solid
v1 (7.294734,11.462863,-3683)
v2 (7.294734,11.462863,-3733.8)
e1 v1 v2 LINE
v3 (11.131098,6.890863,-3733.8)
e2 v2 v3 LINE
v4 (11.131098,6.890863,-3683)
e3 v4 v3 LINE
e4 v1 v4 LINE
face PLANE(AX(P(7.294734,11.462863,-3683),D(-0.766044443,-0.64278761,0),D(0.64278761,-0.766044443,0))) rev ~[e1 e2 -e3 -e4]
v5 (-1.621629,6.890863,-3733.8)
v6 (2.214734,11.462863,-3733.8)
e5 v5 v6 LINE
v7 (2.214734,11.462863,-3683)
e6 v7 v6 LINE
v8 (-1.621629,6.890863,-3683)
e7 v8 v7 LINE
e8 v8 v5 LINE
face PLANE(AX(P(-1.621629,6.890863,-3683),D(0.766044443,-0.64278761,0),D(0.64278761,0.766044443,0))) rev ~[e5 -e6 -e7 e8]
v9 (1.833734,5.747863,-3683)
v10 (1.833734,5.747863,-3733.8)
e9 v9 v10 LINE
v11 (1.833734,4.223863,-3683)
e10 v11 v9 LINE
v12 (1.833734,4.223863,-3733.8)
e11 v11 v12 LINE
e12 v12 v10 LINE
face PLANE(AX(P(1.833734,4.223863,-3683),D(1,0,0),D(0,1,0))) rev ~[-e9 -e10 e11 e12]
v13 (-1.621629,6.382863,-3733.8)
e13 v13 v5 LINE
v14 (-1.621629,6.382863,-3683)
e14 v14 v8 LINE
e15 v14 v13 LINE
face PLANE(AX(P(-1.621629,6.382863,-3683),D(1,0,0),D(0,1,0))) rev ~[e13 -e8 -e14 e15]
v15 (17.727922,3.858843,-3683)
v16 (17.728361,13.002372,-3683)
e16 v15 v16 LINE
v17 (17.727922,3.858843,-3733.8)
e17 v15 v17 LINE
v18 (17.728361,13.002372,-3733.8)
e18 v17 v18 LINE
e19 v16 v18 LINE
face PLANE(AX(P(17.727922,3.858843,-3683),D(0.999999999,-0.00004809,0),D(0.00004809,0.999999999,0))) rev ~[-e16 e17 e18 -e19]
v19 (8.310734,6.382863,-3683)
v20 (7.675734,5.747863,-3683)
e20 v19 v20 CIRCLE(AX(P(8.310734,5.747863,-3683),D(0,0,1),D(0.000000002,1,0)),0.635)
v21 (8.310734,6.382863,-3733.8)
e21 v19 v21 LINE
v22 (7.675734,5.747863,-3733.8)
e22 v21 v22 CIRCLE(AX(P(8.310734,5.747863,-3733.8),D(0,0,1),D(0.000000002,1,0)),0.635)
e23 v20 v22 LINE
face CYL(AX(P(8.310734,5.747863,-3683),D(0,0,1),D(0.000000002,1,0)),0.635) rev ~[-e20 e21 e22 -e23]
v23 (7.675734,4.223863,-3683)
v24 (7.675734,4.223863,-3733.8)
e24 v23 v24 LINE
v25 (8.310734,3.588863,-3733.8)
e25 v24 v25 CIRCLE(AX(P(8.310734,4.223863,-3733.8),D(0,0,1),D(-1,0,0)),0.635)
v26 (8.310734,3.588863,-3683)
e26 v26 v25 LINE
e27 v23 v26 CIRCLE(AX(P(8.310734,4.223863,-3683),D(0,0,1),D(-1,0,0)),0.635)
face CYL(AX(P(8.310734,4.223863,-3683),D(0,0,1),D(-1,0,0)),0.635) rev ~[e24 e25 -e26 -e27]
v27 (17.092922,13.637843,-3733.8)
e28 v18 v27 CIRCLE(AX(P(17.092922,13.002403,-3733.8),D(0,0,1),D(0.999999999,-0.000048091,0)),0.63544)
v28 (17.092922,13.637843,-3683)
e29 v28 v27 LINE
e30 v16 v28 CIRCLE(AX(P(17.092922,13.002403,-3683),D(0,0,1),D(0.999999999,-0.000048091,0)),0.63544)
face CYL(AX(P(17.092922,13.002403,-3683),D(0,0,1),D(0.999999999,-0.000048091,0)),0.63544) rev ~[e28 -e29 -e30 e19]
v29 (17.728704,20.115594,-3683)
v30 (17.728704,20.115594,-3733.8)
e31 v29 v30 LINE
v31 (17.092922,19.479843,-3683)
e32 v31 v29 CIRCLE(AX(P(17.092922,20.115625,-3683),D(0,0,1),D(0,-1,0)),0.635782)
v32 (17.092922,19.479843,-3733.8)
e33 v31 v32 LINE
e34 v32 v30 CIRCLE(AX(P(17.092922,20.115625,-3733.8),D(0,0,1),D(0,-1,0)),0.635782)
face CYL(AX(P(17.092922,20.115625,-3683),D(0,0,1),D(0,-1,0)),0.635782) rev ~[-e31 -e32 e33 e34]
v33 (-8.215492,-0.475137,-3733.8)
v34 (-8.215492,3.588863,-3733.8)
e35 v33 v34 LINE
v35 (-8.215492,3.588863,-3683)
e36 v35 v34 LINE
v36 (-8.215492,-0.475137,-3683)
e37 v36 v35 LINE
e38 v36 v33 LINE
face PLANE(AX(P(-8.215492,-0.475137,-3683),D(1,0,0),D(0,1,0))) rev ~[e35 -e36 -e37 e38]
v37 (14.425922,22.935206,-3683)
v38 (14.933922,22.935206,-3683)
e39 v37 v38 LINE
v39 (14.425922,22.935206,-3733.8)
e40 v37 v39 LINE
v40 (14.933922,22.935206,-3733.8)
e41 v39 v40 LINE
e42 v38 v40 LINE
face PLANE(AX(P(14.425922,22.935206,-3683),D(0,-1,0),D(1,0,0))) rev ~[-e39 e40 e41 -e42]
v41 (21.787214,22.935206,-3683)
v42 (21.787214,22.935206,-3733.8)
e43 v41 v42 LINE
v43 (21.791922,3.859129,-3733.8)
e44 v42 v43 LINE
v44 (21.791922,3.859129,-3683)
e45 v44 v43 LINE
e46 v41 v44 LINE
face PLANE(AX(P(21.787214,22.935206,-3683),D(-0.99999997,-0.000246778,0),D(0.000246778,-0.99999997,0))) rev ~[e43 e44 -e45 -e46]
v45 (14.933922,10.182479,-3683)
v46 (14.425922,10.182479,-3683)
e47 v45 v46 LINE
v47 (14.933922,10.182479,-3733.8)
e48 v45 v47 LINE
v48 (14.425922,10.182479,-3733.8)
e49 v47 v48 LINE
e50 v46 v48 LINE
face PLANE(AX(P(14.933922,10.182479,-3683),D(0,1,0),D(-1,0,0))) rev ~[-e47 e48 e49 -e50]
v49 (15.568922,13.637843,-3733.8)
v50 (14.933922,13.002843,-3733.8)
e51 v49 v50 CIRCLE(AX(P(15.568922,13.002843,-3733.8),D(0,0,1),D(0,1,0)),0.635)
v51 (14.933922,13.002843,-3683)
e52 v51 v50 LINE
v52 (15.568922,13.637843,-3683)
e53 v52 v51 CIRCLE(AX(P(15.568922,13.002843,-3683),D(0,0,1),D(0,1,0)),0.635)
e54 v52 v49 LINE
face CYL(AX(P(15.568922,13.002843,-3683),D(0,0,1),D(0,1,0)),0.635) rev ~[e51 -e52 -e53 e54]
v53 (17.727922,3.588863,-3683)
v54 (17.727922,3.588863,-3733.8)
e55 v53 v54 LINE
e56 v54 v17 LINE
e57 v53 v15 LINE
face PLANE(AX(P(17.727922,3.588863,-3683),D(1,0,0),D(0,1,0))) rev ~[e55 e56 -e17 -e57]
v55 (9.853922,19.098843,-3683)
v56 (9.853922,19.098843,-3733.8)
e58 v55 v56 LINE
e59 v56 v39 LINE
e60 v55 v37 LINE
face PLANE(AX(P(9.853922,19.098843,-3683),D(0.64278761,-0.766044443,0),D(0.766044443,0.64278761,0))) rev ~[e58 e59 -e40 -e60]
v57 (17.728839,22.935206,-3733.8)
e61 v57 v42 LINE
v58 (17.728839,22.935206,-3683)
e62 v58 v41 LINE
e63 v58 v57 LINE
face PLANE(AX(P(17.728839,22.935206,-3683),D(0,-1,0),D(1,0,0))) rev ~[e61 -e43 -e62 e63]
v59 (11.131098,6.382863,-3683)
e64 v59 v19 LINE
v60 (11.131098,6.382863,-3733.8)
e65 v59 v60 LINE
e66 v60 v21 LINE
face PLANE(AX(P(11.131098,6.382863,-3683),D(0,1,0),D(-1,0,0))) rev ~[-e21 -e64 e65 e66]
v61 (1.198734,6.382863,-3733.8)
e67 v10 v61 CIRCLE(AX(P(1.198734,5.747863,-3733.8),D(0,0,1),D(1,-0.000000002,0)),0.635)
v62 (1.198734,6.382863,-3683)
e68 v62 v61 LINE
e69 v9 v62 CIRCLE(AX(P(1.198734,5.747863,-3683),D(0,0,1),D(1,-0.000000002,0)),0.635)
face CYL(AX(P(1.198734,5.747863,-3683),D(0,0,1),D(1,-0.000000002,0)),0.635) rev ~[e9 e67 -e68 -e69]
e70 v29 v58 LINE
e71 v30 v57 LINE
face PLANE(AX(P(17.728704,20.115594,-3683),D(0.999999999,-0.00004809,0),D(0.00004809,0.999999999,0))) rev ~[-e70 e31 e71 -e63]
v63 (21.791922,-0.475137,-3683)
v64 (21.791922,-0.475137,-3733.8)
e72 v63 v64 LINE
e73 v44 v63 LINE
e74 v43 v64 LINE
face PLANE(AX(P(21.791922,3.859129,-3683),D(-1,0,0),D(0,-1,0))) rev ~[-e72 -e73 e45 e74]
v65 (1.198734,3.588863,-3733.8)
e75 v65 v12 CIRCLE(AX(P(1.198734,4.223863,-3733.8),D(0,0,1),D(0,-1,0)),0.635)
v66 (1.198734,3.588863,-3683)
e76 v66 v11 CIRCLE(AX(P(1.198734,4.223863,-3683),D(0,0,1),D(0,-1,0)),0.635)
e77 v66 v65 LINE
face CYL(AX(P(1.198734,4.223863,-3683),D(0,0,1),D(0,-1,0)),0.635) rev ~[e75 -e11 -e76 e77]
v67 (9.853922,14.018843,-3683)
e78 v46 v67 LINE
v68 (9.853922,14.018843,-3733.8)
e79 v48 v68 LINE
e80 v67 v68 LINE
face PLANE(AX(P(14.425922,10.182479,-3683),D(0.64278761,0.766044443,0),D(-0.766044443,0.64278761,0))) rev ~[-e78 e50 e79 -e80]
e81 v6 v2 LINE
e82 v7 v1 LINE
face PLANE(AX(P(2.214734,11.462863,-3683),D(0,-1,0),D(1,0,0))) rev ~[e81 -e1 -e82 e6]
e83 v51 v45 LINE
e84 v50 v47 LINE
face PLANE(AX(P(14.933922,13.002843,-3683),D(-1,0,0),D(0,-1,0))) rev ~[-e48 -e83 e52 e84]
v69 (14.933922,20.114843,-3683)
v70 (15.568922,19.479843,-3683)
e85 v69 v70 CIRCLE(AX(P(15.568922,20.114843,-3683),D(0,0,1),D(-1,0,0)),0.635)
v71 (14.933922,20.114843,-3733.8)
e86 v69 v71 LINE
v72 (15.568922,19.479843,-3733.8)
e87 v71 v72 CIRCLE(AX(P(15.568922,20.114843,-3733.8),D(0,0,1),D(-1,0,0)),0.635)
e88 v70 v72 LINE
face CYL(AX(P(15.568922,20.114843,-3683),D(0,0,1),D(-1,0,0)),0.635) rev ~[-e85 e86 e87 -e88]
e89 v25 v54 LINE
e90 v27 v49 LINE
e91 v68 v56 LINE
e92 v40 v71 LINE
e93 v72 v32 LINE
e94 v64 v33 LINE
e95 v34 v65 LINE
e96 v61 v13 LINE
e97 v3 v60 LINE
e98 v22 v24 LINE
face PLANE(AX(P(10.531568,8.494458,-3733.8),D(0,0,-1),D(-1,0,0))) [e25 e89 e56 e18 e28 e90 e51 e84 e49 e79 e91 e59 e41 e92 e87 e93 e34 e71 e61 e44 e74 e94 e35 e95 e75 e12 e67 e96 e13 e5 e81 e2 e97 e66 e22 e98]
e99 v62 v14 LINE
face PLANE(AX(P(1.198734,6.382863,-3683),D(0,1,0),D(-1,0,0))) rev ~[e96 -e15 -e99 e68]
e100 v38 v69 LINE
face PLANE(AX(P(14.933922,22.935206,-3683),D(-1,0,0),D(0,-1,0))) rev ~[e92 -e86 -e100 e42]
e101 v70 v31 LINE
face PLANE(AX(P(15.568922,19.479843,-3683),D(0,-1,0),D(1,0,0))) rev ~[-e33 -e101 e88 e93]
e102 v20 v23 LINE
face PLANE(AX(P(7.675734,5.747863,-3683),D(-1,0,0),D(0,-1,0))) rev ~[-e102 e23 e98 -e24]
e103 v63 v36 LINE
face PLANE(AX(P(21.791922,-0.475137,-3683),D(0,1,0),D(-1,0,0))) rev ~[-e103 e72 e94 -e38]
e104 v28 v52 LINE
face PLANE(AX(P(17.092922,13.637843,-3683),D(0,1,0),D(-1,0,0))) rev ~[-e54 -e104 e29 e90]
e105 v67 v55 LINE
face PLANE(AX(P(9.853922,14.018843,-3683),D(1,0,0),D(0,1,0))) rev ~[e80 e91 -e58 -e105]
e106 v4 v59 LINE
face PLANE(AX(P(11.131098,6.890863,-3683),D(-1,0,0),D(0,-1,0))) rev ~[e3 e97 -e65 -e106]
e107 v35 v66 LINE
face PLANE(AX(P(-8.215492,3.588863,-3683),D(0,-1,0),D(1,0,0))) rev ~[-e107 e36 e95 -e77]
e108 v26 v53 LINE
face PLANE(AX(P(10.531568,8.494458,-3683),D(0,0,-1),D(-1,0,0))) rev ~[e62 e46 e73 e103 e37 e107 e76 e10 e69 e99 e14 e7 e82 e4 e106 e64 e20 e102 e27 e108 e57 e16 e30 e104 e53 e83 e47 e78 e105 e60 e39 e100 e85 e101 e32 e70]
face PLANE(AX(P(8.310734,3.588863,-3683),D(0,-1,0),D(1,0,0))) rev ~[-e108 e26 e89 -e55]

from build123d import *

# Parameters (mm, degrees)
BOSS_EXTRUDE1_DEPTH = 50.8


with BuildPart() as part:
    # Sketch1 → Boss-Extrude1 (new body)
    with BuildSketch(Plane(origin=(0, 0, -3683), x_dir=(-1, 0, 0), z_dir=(0, 0, -1))):
        with BuildLine():
            Line((7.945265893, 3.588862728), (-1.198734107, 3.588862728))
            ThreePointArc((-1.198734107, 3.588862728), (-1.647746913, 3.774849922), (-1.833734107, 4.223862728))
            Line((-1.833734107, 4.223862728), (-1.833734107, 5.747862728))
            ThreePointArc((-1.833734107, 5.747862728), (-1.647746913, 6.196875535), (-1.198734107, 6.382862728))
            Line((-1.198734107, 6.382862728), (1.621629442, 6.382862728))
            Line((1.621629442, 6.382862728), (1.621629442, 6.890862686))
            Line((1.621629442, 6.890862686), (-2.214734107, 11.462862728))
            Line((-2.214734107, 11.462862728), (-7.294734107, 11.462862728))
            Line((-7.294734107, 11.462862728), (-11.131097656, 6.890862686))
            Line((-11.131097656, 6.890862686), (-11.131097656, 6.382862728))
            Line((-11.131097656, 6.382862728), (-8.310734107, 6.382862728))
            ThreePointArc((-8.310734107, 6.382862728), (-7.861721301, 6.196875535), (-7.675734107, 5.747862728))
            Line((-7.675734107, 5.747862728), (-7.675734107, 4.223862728))
            ThreePointArc((-7.675734107, 4.223862728), (-7.861721301, 3.774849922), (-8.310734107, 3.588862728))
            Line((-8.310734107, 3.588862728), (-17.454734107, 3.588862728))
            Line((-17.454734107, 3.588862728), (-17.727921752, 3.588862728))
            Line((-17.727921752, 3.588862728), (-17.727921752, 3.858842754))
            Line((-17.727921752, 3.858842754), (-17.728361466, 13.002372481))
            ThreePointArc((-17.728361466, 13.002372481), (-17.542256287, 13.451715967), (-17.092921752, 13.637842754))
            Line((-17.092921752, 13.637842754), (-15.568921752, 13.637842754))
            ThreePointArc((-15.568921752, 13.637842754), (-15.119908946, 13.45185556), (-14.933921752, 13.002842754))
            Line((-14.933921752, 13.002842754), (-14.933921752, 10.182479205))
            Line((-14.933921752, 10.182479205), (-14.425921794, 10.182479205))
            Line((-14.425921794, 10.182479205), (-9.853921752, 14.018842754))
            Line((-9.853921752, 14.018842754), (-9.853921752, 19.098842754))
            Line((-9.853921752, 19.098842754), (-14.425921794, 22.935206303))
            Line((-14.425921794, 22.935206303), (-14.933921752, 22.935206303))
            Line((-14.933921752, 22.935206303), (-14.933921752, 20.114842754))
            ThreePointArc((-14.933921752, 20.114842754), (-15.119908946, 19.665829948), (-15.568921752, 19.479842754))
            Line((-15.568921752, 19.479842754), (-17.092921752, 19.479842754))
            ThreePointArc((-17.092921752, 19.479842754), (-17.542476558, 19.66604812), (-17.728703542, 20.11559397))
            Line((-17.728703542, 20.11559397), (-17.728839138, 22.935206303))
            Line((-17.728839138, 22.935206303), (-21.787214199, 22.935206303))
            Line((-21.787214199, 22.935206303), (-21.791921752, 3.859128788))
            Line((-21.791921752, 3.859128788), (-21.791921752, 3.588862728))
            Line((-21.791921752, 3.588862728), (-21.791921752, -0.475137272))
            Line((-21.791921752, -0.475137272), (-17.727921752, -0.475137272))
            Line((-17.727921752, -0.475137272), (-17.454774021, -0.475137272))
            Line((-17.454774021, -0.475137272), (7.945225979, -0.475137272))
            Line((7.945225979, -0.475137272), (8.215492039, -0.475137272))
            Line((8.215492039, -0.475137272), (8.215492039, 3.588862728))
            Line((8.215492039, 3.588862728), (7.945265893, 3.588862728))
        make_face()
    extrude(amount=BOSS_EXTRUDE1_DEPTH)


solid = part.part
